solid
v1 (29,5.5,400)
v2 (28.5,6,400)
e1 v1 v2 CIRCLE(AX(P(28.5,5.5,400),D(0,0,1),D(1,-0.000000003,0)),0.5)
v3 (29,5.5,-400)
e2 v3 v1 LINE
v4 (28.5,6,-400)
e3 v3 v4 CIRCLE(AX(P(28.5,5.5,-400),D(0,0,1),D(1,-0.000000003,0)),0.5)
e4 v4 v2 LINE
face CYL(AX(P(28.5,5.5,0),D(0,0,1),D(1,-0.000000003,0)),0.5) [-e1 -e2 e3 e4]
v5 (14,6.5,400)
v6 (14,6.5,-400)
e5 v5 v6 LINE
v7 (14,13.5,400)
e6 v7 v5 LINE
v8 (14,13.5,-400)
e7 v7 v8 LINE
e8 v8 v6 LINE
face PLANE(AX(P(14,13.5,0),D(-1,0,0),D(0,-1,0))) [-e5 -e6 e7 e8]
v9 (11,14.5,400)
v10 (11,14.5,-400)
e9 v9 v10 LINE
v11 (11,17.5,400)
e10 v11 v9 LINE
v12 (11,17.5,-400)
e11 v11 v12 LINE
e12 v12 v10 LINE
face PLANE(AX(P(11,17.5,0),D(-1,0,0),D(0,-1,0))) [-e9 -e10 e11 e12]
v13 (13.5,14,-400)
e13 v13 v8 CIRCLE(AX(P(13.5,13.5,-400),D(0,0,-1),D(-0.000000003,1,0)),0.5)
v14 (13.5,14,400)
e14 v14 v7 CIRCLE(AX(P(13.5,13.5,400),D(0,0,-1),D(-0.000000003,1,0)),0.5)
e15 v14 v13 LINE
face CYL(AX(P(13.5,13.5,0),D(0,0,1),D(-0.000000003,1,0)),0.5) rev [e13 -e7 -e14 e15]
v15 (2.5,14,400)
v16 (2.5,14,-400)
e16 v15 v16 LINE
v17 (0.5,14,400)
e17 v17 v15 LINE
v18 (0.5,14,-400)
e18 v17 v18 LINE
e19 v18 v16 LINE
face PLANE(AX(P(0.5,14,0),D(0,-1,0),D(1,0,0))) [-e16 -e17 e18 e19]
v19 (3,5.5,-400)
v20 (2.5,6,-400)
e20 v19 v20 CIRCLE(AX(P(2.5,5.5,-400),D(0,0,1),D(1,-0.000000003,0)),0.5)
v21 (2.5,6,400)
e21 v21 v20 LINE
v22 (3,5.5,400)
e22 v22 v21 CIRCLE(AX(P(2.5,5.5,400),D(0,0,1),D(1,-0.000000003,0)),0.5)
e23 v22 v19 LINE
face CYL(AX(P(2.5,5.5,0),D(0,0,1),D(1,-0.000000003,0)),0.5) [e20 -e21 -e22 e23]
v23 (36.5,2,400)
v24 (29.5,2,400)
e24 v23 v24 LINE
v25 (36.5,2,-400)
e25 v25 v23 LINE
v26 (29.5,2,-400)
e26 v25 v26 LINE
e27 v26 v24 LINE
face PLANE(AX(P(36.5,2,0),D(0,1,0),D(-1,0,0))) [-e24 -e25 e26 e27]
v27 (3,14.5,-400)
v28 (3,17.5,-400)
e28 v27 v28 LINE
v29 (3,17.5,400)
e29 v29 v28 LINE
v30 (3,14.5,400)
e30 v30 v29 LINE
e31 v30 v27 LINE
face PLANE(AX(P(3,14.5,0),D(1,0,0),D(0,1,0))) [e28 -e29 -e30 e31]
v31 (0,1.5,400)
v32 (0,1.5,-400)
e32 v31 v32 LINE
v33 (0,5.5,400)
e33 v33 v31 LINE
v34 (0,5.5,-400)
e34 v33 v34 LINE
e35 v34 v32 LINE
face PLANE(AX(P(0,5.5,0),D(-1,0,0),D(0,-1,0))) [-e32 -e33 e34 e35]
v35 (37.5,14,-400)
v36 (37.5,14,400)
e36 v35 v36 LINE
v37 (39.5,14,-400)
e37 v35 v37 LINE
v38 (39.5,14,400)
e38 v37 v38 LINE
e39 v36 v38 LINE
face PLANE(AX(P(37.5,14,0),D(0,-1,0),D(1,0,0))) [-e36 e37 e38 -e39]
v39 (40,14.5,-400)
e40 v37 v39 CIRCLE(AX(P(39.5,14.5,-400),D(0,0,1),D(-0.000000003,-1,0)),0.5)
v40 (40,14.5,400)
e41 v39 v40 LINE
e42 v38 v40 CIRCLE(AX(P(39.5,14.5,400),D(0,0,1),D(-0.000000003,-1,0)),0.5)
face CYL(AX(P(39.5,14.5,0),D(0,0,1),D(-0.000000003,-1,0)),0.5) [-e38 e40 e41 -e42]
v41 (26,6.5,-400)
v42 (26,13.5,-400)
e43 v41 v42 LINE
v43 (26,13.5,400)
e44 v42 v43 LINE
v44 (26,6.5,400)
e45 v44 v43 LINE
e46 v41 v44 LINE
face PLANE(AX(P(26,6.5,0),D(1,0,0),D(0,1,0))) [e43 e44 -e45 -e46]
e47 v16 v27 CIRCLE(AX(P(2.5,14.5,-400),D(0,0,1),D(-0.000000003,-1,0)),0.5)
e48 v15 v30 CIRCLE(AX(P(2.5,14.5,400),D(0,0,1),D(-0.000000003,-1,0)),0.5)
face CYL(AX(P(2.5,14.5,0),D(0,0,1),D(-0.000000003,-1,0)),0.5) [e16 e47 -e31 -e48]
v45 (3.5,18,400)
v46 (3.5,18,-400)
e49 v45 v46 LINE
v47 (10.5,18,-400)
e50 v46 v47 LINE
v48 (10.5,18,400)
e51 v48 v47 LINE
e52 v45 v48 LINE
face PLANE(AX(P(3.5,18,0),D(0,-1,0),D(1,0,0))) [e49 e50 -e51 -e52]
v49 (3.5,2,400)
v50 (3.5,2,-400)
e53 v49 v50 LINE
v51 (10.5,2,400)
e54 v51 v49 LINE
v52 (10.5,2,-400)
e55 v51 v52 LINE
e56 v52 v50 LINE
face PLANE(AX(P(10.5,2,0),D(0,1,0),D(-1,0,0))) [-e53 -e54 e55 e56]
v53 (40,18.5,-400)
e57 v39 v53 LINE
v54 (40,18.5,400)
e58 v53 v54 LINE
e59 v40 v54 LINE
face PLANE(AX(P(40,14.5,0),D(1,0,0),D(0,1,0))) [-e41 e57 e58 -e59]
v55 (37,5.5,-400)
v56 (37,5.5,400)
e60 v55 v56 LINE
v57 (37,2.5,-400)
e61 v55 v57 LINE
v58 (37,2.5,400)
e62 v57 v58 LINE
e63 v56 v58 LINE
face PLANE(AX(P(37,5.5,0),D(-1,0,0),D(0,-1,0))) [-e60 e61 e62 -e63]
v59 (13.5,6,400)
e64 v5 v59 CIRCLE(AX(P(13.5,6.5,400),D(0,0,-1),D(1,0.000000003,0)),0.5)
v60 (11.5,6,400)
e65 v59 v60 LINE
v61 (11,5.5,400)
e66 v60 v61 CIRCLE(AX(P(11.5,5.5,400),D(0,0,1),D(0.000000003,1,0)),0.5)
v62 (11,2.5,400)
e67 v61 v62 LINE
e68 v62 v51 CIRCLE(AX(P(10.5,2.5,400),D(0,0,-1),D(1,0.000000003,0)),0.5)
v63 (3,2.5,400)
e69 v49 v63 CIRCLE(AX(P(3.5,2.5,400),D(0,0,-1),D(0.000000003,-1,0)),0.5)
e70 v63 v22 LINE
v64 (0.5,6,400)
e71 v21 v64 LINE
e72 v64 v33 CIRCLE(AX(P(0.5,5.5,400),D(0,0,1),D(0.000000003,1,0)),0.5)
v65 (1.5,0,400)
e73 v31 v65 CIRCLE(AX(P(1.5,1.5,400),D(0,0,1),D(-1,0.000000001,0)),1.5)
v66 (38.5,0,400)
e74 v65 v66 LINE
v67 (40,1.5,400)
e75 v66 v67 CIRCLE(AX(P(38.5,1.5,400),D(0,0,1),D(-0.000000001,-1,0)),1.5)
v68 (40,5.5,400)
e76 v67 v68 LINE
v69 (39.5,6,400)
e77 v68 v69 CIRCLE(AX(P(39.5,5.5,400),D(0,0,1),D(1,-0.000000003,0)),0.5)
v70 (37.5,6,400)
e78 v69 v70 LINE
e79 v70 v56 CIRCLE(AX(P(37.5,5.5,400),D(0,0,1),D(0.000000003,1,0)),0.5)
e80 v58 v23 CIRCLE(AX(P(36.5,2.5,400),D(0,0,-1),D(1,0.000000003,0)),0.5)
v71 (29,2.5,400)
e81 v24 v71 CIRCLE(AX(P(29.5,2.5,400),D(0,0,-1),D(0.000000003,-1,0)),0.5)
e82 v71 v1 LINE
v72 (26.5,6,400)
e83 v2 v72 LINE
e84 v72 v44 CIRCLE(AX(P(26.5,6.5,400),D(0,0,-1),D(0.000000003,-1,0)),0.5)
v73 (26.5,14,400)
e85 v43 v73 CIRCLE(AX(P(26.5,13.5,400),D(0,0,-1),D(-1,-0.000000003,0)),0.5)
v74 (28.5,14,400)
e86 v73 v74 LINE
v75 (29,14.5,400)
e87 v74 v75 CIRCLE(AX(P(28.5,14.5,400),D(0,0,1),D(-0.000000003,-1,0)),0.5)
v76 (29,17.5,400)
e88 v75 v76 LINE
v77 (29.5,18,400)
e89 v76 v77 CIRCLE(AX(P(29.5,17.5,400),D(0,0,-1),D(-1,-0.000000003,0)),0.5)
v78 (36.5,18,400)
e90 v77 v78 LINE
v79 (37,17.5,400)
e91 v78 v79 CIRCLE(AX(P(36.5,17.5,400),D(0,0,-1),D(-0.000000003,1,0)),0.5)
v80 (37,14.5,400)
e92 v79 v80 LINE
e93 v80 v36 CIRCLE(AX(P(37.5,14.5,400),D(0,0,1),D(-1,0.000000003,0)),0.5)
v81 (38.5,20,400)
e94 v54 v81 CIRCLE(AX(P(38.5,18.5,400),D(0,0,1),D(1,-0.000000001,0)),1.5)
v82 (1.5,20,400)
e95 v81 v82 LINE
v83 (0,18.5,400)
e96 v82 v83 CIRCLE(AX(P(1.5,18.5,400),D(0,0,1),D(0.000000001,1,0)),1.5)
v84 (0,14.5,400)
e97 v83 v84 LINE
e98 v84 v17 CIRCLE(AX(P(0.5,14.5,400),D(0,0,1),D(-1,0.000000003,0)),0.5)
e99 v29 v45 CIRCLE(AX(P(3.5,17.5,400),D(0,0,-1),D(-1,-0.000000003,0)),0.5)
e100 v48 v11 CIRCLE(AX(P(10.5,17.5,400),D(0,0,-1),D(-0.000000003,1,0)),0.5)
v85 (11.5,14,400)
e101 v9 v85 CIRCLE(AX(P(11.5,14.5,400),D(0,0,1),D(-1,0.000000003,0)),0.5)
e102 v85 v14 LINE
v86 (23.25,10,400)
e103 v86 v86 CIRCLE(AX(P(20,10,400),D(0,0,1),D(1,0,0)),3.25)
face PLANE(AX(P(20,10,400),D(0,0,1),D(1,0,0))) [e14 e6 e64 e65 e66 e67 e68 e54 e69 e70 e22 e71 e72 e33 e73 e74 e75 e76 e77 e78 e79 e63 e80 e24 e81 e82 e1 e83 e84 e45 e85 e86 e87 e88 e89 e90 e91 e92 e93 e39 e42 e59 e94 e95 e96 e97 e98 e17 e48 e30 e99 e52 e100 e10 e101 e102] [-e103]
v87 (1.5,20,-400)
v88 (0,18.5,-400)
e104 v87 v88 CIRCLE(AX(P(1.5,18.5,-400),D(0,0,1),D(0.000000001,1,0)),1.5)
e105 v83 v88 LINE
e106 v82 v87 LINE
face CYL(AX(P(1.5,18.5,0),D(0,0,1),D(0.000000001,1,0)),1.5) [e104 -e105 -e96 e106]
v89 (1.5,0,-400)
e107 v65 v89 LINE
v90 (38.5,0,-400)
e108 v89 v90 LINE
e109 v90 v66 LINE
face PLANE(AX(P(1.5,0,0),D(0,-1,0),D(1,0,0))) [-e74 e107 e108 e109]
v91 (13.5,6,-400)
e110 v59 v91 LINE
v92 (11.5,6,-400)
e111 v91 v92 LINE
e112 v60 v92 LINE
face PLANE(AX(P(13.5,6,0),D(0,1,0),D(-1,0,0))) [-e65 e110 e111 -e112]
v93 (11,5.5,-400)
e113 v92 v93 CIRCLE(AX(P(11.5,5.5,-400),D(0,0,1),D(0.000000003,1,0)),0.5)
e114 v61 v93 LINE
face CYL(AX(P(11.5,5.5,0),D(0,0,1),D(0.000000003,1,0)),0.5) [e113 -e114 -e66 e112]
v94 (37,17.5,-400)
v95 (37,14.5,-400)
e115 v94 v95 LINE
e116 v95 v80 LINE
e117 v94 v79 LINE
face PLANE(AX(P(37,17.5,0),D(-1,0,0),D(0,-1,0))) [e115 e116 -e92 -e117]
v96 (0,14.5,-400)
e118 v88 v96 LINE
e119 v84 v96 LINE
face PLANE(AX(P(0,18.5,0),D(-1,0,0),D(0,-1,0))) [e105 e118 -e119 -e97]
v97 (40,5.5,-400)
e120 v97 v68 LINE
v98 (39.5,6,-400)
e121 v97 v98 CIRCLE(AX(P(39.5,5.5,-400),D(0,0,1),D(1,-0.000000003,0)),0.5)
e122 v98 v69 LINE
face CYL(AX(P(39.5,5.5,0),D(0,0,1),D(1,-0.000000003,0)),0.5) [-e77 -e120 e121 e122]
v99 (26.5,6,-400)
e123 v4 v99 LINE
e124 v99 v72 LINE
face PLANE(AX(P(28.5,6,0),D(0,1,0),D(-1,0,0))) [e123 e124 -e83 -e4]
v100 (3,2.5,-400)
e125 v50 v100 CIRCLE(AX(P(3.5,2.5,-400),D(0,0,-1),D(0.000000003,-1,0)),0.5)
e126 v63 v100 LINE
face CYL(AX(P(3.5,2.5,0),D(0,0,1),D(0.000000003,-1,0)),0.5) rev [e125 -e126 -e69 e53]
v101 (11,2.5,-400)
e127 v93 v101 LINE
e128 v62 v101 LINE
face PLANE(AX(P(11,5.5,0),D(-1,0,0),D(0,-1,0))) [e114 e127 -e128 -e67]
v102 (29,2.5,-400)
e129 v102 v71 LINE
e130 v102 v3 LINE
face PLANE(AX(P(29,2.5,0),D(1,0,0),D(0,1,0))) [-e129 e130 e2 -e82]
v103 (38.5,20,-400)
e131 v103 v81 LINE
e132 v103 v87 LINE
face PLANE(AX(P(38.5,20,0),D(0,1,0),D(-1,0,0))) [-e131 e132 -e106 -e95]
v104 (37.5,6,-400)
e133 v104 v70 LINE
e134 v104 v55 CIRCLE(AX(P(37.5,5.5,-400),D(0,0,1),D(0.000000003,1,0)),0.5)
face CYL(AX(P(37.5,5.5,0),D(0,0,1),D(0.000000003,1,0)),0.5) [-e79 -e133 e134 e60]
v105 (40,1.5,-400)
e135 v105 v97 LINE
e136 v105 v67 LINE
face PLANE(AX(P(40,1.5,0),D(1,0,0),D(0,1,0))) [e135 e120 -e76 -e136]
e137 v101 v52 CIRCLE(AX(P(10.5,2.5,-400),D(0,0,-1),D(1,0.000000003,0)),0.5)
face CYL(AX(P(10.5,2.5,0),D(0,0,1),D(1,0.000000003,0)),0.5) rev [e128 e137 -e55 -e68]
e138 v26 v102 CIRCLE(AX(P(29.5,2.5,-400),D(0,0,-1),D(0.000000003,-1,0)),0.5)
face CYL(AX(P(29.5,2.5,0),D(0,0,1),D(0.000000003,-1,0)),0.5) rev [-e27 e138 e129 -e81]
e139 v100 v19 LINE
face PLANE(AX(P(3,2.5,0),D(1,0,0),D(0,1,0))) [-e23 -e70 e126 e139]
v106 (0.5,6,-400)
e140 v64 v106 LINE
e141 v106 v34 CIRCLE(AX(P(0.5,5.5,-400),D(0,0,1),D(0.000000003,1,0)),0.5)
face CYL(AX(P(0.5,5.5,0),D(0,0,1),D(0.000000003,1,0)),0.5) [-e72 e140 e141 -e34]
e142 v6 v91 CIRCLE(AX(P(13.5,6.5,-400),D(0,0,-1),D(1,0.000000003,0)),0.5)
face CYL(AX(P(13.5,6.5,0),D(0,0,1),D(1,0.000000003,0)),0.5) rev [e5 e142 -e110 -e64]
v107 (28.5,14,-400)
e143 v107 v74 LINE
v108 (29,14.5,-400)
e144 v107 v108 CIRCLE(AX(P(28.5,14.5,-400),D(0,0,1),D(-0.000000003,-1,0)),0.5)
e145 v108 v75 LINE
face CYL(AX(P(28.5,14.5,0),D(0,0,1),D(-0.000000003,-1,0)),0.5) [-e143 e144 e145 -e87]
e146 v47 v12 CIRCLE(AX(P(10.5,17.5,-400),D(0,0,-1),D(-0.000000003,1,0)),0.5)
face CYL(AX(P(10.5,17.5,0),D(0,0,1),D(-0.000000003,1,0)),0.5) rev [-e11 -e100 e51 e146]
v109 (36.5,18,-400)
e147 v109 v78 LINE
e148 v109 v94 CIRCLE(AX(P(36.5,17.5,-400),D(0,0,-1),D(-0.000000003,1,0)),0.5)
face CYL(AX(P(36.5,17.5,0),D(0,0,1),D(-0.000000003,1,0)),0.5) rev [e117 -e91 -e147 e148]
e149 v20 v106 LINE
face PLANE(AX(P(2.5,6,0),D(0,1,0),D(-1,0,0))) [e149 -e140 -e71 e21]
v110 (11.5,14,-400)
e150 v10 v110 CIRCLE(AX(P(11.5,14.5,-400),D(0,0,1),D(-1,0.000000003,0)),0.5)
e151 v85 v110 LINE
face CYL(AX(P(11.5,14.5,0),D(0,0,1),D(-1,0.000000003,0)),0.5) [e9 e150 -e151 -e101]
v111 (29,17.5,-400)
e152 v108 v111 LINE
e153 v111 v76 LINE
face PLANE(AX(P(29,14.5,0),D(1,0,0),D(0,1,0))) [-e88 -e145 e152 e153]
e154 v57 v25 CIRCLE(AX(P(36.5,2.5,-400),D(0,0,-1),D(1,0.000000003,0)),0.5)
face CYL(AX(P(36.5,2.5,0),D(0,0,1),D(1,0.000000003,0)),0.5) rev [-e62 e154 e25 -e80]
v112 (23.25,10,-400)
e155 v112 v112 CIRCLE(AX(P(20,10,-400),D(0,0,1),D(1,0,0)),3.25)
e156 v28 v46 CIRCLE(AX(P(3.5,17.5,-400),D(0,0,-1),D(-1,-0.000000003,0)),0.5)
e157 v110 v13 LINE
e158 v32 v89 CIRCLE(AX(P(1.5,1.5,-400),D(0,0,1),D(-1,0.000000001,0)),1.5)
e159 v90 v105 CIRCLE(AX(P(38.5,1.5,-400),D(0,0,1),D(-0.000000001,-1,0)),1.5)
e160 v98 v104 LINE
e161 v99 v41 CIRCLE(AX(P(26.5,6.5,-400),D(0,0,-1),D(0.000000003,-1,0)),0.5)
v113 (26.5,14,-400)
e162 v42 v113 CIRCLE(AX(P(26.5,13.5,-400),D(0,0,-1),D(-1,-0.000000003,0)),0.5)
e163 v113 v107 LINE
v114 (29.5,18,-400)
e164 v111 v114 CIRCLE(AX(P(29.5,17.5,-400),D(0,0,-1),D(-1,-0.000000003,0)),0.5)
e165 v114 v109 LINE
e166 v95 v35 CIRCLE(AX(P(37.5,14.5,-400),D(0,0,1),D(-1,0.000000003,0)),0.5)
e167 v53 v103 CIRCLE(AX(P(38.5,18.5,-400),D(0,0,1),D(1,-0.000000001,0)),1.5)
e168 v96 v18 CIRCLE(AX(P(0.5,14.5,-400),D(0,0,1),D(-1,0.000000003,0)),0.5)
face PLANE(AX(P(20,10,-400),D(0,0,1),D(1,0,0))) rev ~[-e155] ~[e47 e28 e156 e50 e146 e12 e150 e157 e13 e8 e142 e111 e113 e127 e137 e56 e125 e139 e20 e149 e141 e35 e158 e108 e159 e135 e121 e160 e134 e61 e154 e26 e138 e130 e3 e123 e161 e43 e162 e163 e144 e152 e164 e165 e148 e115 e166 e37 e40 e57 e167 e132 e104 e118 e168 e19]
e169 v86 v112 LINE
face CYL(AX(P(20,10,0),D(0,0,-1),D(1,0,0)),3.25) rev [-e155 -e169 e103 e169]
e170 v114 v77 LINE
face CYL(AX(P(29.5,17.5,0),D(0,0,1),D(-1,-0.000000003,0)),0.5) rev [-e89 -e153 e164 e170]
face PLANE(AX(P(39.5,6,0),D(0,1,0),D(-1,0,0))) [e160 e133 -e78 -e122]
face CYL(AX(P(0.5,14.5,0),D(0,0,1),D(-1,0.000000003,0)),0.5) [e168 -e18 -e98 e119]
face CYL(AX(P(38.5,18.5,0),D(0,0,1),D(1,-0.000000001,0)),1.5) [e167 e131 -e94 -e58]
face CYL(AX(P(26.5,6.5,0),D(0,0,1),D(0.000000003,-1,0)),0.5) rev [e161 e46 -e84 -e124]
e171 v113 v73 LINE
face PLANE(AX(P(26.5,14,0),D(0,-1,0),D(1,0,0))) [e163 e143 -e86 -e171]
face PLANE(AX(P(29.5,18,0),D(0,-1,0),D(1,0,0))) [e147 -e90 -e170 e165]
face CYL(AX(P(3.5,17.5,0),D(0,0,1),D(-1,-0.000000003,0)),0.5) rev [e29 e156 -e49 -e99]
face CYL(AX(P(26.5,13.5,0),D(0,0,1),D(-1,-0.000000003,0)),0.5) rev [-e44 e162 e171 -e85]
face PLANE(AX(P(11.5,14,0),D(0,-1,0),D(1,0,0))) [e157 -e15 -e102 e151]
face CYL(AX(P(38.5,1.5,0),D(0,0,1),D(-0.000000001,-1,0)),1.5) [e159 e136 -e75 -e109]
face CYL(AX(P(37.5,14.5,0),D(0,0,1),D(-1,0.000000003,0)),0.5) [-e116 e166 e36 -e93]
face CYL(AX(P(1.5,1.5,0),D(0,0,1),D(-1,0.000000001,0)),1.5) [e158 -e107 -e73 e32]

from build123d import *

# Parameters (mm, degrees)
SKETCH1_R           = 3.25
BOSS_EXTRUDE1_DEPTH = 400


with BuildPart() as part:
    # Sketch1 → Boss-Extrude1 (new, symmetric)
    with BuildSketch(Plane.XY):
        with BuildLine():
            Line((1.5, 0), (38.5, 0))
            ThreePointArc((38.5, 0), (39.560660172, 0.439339828), (40, 1.5))
            Line((40, 1.5), (40, 5.5))
            ThreePointArc((40, 5.5), (39.853553391, 5.853553391), (39.5, 6))
            Line((39.5, 6), (37.5, 6))
            ThreePointArc((37.5, 6), (37.146446609, 5.853553391), (37, 5.5))
            Line((37, 5.5), (37, 2.5))
            ThreePointArc((37, 2.5), (36.853553391, 2.146446609), (36.5, 2))
            Line((36.5, 2), (29.5, 2))
            ThreePointArc((29.5, 2), (29.146446609, 2.146446609), (29, 2.5))
            Line((29, 2.5), (29, 5.5))
            ThreePointArc((29, 5.5), (28.853553391, 5.853553391), (28.5, 6))
            Line((28.5, 6), (26.5, 6))
            ThreePointArc((26.5, 6), (26.146446609, 6.146446609), (26, 6.5))
            Line((26, 6.5), (26, 13.5))
            ThreePointArc((26, 13.5), (26.146446609, 13.853553391), (26.5, 14))
            Line((26.5, 14), (28.5, 14))
            ThreePointArc((28.5, 14), (28.853553391, 14.146446609), (29, 14.5))
            Line((29, 14.5), (29, 17.5))
            ThreePointArc((29, 17.5), (29.146446609, 17.853553391), (29.5, 18))
            Line((29.5, 18), (36.5, 18))
            ThreePointArc((36.5, 18), (36.853553391, 17.853553391), (37, 17.5))
            Line((37, 17.5), (37, 14.5))
            ThreePointArc((37, 14.5), (37.146446609, 14.146446609), (37.5, 14))
            Line((37.5, 14), (39.5, 14))
            ThreePointArc((39.5, 14), (39.853553391, 14.146446609), (40, 14.5))
            Line((40, 14.5), (40, 18.5))
            ThreePointArc((40, 18.5), (39.560660172, 19.560660172), (38.5, 20))
            Line((38.5, 20), (1.5, 20))
            ThreePointArc((1.5, 20), (0.439339828, 19.560660172), (0, 18.5))
            Line((0, 18.5), (0, 14.5))
            ThreePointArc((0, 14.5), (0.146446609, 14.146446609), (0.5, 14))
            Line((0.5, 14), (2.5, 14))
            ThreePointArc((2.5, 14), (2.853553391, 14.146446609), (3, 14.5))
            Line((3, 14.5), (3, 17.5))
            ThreePointArc((3, 17.5), (3.146446609, 17.853553391), (3.5, 18))
            Line((3.5, 18), (10.5, 18))
            ThreePointArc((10.5, 18), (10.853553391, 17.853553391), (11, 17.5))
            Line((11, 17.5), (11, 14.5))
            ThreePointArc((11, 14.5), (11.146446609, 14.146446609), (11.5, 14))
            Line((11.5, 14), (13.5, 14))
            ThreePointArc((13.5, 14), (13.853553391, 13.853553391), (14, 13.5))
            Line((14, 13.5), (14, 6.5))
            ThreePointArc((14, 6.5), (13.853553391, 6.146446609), (13.5, 6))
            Line((13.5, 6), (11.5, 6))
            ThreePointArc((11.5, 6), (11.146446609, 5.853553391), (11, 5.5))
            Line((11, 5.5), (11, 2.5))
            ThreePointArc((11, 2.5), (10.853553391, 2.146446609), (10.5, 2))
            Line((10.5, 2), (3.5, 2))
            ThreePointArc((3.5, 2), (3.146446609, 2.146446609), (3, 2.5))
            Line((3, 2.5), (3, 5.5))
            ThreePointArc((3, 5.5), (2.853553391, 5.853553391), (2.5, 6))
            Line((2.5, 6), (0.5, 6))
            ThreePointArc((0.5, 6), (0.146446609, 5.853553391), (0, 5.5))
            Line((0, 5.5), (0, 1.5))
            ThreePointArc((0, 1.5), (0.439339828, 0.439339828), (1.5, 0))
        make_face()
        with Locations((20, 10)):
            Circle(SKETCH1_R, mode=Mode.SUBTRACT)
    extrude(amount=BOSS_EXTRUDE1_DEPTH, both=True)


solid = part.part
